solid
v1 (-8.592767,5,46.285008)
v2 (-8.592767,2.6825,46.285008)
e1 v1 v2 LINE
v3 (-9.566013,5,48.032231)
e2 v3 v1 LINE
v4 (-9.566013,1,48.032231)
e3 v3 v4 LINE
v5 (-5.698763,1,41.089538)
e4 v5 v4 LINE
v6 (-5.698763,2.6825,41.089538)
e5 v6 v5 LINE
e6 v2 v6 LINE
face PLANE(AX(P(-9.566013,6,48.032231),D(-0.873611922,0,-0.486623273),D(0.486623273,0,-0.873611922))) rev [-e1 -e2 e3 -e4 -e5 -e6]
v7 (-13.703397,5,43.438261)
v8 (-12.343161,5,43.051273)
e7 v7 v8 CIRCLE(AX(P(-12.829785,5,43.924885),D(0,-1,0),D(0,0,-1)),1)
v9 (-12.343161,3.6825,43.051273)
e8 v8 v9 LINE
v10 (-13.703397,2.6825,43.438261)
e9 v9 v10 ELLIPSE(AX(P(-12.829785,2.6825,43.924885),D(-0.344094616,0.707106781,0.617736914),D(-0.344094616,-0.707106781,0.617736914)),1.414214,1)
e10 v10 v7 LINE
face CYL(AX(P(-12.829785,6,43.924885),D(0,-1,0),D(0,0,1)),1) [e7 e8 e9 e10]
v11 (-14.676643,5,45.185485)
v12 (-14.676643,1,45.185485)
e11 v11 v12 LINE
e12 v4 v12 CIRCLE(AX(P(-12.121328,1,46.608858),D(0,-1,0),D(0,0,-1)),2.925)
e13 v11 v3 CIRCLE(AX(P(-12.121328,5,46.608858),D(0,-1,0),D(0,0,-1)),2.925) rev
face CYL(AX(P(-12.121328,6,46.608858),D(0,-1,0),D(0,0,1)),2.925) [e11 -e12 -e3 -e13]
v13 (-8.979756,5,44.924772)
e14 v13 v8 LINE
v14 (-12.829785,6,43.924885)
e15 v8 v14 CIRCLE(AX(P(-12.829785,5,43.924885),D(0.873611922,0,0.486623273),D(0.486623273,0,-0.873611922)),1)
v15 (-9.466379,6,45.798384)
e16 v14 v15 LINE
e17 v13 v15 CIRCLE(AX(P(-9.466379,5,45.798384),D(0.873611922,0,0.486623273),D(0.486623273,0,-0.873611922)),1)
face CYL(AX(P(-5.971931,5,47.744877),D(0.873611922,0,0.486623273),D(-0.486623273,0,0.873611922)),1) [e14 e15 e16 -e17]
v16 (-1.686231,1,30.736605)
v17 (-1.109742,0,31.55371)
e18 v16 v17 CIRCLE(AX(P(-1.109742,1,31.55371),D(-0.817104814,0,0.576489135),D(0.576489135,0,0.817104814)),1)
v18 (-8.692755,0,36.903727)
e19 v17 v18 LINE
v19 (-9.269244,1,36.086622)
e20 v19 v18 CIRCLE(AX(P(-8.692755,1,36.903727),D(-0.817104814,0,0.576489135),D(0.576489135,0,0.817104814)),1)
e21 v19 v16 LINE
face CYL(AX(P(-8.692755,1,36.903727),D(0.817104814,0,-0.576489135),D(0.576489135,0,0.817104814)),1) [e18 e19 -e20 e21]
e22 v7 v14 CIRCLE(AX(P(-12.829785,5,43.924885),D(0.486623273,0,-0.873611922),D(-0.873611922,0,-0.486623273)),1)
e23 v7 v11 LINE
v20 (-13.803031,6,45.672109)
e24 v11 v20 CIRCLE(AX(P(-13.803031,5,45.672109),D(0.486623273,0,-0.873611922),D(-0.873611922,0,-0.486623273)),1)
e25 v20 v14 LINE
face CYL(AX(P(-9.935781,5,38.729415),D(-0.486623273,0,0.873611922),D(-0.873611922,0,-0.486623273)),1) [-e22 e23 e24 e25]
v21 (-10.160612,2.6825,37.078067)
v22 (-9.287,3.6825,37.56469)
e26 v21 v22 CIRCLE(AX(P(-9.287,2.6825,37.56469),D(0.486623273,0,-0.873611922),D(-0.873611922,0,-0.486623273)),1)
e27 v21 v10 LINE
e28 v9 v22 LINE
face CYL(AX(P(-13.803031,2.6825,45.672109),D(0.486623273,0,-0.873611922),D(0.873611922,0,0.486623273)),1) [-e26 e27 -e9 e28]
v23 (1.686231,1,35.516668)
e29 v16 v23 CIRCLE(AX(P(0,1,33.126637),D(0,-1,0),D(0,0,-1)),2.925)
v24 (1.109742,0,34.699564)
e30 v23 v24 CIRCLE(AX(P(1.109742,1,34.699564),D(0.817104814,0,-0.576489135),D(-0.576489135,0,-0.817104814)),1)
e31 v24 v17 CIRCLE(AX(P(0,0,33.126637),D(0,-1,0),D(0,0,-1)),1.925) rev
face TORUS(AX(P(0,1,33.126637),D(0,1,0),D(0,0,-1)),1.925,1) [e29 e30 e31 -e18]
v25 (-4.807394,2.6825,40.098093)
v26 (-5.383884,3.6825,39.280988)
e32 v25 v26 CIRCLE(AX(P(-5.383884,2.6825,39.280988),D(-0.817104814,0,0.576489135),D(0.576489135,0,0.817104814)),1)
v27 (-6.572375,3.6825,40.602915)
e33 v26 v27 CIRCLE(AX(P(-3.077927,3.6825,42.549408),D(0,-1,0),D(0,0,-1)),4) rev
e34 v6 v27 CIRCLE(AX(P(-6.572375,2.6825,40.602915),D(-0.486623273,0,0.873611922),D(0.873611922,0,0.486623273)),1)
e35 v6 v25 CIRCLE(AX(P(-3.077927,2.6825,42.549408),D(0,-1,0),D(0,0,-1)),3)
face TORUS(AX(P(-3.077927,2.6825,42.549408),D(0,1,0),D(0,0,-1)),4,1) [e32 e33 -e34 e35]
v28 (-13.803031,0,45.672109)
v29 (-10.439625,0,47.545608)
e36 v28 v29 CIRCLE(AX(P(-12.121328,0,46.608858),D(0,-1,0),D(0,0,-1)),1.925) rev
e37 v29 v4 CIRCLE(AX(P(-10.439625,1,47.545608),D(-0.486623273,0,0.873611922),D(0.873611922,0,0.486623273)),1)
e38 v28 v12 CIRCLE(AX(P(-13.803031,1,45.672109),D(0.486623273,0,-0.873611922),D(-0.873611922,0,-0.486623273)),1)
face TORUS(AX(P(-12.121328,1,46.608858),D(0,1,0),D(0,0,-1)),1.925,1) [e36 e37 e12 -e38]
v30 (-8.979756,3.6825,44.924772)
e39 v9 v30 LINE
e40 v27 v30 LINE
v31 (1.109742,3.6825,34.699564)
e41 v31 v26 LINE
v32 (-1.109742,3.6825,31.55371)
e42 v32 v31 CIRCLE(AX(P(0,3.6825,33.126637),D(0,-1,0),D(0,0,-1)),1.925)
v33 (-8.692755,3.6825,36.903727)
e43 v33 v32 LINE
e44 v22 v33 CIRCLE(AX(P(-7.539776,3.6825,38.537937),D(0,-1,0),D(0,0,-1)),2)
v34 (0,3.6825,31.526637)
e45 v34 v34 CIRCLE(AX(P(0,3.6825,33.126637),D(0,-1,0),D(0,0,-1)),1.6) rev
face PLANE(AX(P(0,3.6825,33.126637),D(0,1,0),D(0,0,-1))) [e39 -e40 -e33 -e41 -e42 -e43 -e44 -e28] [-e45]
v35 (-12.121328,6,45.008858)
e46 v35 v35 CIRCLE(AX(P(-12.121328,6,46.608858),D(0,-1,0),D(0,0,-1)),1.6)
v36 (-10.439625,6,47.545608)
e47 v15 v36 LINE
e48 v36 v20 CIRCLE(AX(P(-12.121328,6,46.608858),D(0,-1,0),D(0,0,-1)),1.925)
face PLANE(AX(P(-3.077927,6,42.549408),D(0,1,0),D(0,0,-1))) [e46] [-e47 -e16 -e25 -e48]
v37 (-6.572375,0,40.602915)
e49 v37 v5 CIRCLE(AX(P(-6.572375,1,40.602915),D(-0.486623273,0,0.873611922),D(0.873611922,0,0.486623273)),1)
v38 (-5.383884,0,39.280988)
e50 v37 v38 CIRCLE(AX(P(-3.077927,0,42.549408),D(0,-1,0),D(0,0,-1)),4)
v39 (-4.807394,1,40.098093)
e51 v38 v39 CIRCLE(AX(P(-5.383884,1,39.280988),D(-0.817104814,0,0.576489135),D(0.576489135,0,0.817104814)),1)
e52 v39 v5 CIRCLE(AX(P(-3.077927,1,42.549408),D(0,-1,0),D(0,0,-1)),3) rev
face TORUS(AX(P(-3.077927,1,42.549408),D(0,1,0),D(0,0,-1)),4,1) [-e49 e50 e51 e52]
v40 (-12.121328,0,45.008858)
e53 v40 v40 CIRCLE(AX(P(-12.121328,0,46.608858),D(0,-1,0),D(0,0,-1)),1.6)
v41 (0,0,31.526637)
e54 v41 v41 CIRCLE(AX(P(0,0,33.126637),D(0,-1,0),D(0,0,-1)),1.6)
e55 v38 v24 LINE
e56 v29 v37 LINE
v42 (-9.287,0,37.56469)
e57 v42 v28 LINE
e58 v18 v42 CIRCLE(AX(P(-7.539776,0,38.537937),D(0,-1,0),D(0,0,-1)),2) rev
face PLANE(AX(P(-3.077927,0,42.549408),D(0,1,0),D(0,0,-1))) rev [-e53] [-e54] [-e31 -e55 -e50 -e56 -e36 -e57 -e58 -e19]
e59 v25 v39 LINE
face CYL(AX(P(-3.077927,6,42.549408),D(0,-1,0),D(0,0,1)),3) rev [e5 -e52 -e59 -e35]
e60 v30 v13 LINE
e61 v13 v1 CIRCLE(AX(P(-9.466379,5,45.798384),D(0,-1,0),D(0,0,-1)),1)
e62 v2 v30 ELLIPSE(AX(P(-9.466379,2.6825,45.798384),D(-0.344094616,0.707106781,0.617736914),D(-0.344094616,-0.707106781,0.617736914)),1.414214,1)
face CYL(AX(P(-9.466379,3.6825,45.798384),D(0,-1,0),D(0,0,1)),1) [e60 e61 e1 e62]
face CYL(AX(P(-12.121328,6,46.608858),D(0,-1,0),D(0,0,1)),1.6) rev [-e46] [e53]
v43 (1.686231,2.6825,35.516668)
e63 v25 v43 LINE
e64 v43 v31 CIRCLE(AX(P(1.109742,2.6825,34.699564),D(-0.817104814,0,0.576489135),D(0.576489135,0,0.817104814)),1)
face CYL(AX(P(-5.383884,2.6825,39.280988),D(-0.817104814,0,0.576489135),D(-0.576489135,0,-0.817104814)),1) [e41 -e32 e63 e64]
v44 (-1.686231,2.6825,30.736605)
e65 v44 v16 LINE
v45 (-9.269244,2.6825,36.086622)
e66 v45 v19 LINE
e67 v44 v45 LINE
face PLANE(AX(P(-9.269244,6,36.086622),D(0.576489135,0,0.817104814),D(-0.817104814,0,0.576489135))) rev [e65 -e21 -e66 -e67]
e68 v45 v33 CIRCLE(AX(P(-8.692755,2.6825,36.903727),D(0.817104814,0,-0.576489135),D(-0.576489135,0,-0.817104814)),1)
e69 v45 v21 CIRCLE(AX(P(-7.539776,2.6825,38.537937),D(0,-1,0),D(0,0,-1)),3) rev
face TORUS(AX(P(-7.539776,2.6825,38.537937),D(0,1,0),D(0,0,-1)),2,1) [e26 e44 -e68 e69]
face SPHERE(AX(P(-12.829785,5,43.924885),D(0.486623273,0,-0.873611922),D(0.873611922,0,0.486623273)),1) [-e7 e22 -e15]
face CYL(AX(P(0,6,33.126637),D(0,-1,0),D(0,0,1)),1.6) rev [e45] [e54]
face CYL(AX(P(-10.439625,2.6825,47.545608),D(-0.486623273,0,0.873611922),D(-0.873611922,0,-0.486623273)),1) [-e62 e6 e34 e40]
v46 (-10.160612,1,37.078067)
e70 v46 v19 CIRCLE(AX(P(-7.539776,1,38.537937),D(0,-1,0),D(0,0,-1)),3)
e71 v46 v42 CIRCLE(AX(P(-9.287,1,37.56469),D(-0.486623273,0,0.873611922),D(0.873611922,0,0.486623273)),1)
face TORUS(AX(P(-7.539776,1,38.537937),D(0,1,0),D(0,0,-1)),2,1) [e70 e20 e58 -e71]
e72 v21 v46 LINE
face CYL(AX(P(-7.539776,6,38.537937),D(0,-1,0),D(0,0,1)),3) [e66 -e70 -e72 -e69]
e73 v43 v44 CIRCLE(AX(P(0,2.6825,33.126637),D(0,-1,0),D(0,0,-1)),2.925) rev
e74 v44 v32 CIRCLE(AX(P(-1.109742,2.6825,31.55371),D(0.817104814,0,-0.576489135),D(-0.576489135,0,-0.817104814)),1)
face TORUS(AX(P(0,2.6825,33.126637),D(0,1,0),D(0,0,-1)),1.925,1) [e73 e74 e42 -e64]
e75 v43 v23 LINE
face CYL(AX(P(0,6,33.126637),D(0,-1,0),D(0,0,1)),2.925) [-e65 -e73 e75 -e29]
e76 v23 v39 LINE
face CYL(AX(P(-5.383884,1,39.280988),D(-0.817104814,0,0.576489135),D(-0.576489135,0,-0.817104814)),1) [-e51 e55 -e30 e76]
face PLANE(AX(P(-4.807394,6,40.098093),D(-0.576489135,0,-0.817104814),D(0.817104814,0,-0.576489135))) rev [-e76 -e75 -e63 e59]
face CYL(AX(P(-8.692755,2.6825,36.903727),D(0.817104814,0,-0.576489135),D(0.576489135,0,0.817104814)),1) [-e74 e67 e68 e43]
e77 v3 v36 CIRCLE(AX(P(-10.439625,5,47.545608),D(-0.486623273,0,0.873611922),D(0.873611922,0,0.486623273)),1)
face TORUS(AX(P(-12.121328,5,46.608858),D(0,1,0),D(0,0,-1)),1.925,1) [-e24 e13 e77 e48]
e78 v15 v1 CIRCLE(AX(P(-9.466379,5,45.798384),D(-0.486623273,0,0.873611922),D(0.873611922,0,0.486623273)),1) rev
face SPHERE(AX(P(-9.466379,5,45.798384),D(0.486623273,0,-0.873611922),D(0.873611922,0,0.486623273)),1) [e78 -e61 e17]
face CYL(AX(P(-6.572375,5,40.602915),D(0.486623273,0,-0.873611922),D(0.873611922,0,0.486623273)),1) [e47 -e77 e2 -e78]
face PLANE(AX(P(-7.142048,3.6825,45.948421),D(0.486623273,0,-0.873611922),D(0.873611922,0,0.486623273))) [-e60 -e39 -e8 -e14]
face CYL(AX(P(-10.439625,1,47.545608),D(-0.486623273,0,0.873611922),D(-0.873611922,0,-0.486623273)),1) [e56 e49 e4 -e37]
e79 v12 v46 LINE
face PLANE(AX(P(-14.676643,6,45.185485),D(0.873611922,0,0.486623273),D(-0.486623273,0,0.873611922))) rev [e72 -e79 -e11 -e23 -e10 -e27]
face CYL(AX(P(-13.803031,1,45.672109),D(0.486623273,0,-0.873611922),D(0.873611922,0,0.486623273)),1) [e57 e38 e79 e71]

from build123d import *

# Parameters (mm, degrees)
SKETCH1_R           = 1.6000000000000019
SKETCH1_R_2         = 1.6
BOSS_EXTRUDE1_DEPTH = 6
FILLET2_R           = 1
CUT_EXTRUDE1_START  = -2.3175
SKETCH3_R           = 1.6
CUT_EXTRUDE1_DEPTH  = 2.3175
FILLET3_R           = 1
FILLET4_R           = 1


with BuildPart() as part:
    # Sketch1 → Boss-Extrude1 (new body)
    with BuildSketch(Plane(origin=(0, 0, 0), x_dir=(1, 0, 0), z_dir=(0, 1, 0))):
        with BuildLine():
            Line((-14.676643190871216, 12.058848545686113), (-10.160612201428068, 3.951430072051938))
            ThreePointArc((-10.160612201428068, 3.951430072051938), (-9.770701137956143, 3.4055643719184734), (-9.26924383935776, 2.9599854477283642))
            Line((-9.26924383935776, 2.9599854477283642), (-1.6862307188325316, -2.390031581980774))
            ThreePointArc((-1.6862307188325316, -2.390031581980774), (2.3900315819807747, -1.6862307188325345), (1.6862307188325354, 2.3900315819807725))
            Line((1.6862307188325354, 2.3900315819807725), (-4.8073944342993835, 6.9714564854625545))
            ThreePointArc((-4.8073944342993835, 6.9714564854625545), (-5.308851732897766, 7.417035409652663), (-5.6987627963696905, 7.962901109786128))
            Line((-5.6987627963696905, 7.962901109786128), (-9.566013447169048, 14.90559469221669))
            ThreePointArc((-9.566013447169048, 14.90559469221669), (-13.54470139228542, 16.037536490802488), (-14.676643190871216, 12.058848545686113))
        make_face()
        with Locations(Location((-12.121328319020131, 13.482221618951401, 0), (0, 0, 270))):
            Circle(SKETCH1_R, mode=Mode.SUBTRACT)
        with Locations(Location((1.73e-15, -8.7e-16, 0), (0, 0, 270))):
            Circle(SKETCH1_R_2, mode=Mode.SUBTRACT)
    extrude(amount=BOSS_EXTRUDE1_DEPTH)

    # Fillet2
    fillet2_edges = [part.edges().sort_by_distance(p)[0] for p in [
        (-12.418627696149642, 0, -8.005139308869026),
        (-13.544701392285422, 0, -16.037536490802488),
        (-7.632388121769369, 0, -11.43424790100141),
        (-5.308851732897767, 0, -7.417035409652664),
        (-13.544701392285422, 6, -16.037536490802488),
        (-12.418627696149642, 6, -8.005139308869026),
        (-9.770701137956143, 6, -3.405564371918474),
        (-5.4777372790951455, 6, -0.28497693287379544),
        (2.390031581980775, 6, 1.686230718832534),
        (-1.5605818577334243, 6, -4.6807440337216635),
        (-5.308851732897767, 6, -7.417035409652664),
        (-1.5605818577334243, 0, -4.6807440337216635),
        (-7.632388121769369, 6, -11.43424790100141),
        (2.390031581980775, 0, 1.686230718832534),
        (-5.4777372790951455, 0, -0.28497693287379544),
        (-9.770701137956143, 0, -3.405564371918474),
    ]]
    fillet(fillet2_edges, radius=FILLET2_R)

    # Sketch3 → Cut-Extrude1 (cut)
    # profile 1 of 2: a face of its own
    with BuildSketch(Plane(origin=(0, 6, 0), x_dir=(1, 0, 0), z_dir=(0, 1, 0)).offset(CUT_EXTRUDE1_START)):
        with BuildLine():
            ThreePointArc((-5.383883568942986, 6.154351671110155), (-6.052493300407496, 6.748456903363634), (-6.572374718370062, 7.476277836874918))
            Line((-6.572374718370061, 7.476277836874918), (-8.97975555043579, 11.79813565330437))
            Line((-8.979755550435788, 11.79813565330437), (-12.343161450137215, 9.924636052596211))
            Line((-12.343161450137217, 9.92463605259621), (-9.287000279427696, 4.438053344963148))
            ThreePointArc((-9.287000279427696, 4.438053344963148), (-9.027059570446415, 4.074142878207507), (-8.692754704714162, 3.7770902620807663))
            Line((-8.692754704714162, 3.7770902620807667), (-1.1097415841889307, -1.5729267676283727))
            ThreePointArc((-1.1097415841889307, -1.5729267676283722), (1.5729267676283736, -1.1097415841889322), (1.1097415841889327, 1.5729267676283718))
            Line((1.1097415841889327, 1.5729267676283716), (-5.383883568942986, 6.154351671110155))
        make_face()
        with Locations(Location((1.73e-15, -8.7e-16, 0), (0, 0, 270))):
            Circle(SKETCH3_R, mode=Mode.SUBTRACT)
    # profile 2 of 2: a face of its own
    with BuildSketch(Plane(origin=(0, 6, 0), x_dir=(1, 0, 0), z_dir=(0, 1, 0)).offset(CUT_EXTRUDE1_START)):
        with BuildLine():
            Line((-8.97975555043579, 11.79813565330437), (-6.572374718370061, 7.476277836874918))
            ThreePointArc((-6.572374718370062, 7.476277836874918), (-6.052493300407496, 6.748456903363634), (-5.383883568942986, 6.154351671110155))
            Line((-5.383883568942986, 6.154351671110155), (1.1097415841889327, 1.5729267676283716))
            ThreePointArc((1.1097415841889327, 1.5729267676283718), (1.5729267676283736, -1.1097415841889322), (-1.1097415841889307, -1.5729267676283722))
            Line((-1.1097415841889307, -1.5729267676283727), (-8.692754704714162, 3.7770902620807667))
            ThreePointArc((-8.692754704714162, 3.7770902620807663), (-9.027059570446415, 4.074142878207507), (-9.287000279427696, 4.438053344963148))
            Line((-9.287000279427696, 4.438053344963148), (-12.343161450137217, 9.92463605259621))
            Line((-12.343161450137215, 9.924636052596211), (-13.216773372137586, 9.438012779685))
            Line((-13.216773372137586, 9.438012779685), (-10.160612201428068, 3.951430072051938))
            ThreePointArc((-10.160612201428068, 3.951430072051938), (-9.770701137956145, 3.4055643719184743), (-9.269243839357761, 2.959985447728366))
            Line((-9.269243839357761, 2.9599854477283656), (-1.6862307188325316, -2.390031581980774))
            ThreePointArc((-1.6862307188325316, -2.390031581980774), (2.3900315819807743, -1.686230718832534), (1.686230718832535, 2.390031581980772))
            Line((1.686230718832534, 2.3900315819807725), (-4.8073944342993835, 6.9714564854625545))
            ThreePointArc((-4.807394434299383, 6.971456485462554), (-5.308851732897767, 7.417035409652663), (-5.6987627963696905, 7.962901109786128))
            Line((-5.6987627963696905, 7.962901109786128), (-8.10614362843542, 12.284758926215579))
            Line((-8.10614362843542, 12.284758926215579), (-8.979755550435788, 11.79813565330437))
        make_face()
    extrude(amount=CUT_EXTRUDE1_DEPTH, mode=Mode.SUBTRACT)

    # Fillet3
    fillet3_edges = [part.edges().sort_by_distance(p)[0] for p in [
        (-6.9024532124025555, 3.6825, -10.123830018000854),
        (-5.308851732897768, 3.6825, -7.417035409652662),
        (-1.5605818577334247, 3.6825, -4.6807440337216635),
        (-5.477737279095146, 3.6825, -0.2849769328737959),
        (-11.688692786782827, 3.6825, -6.694721425868469),
        (-9.770701137956145, 3.6825, -3.405564371918474),
        (2.390031581980774, 3.6825, 1.6862307188325336),
    ]]
    fillet(fillet3_edges, radius=FILLET3_R)

    # Fillet4
    fillet4_edges = [part.edges().sort_by_distance(p)[0] for p in [
        (-12.96089836430909, 5.707106781186548, -9.580541436437505),
        (-10.661458500286502, 6, -10.86138585295029),
        (-8.362018636263915, 5.707106781186548, -12.142230269463079),
        (-13.216773372137585, 3.84125, -9.438012779685),
        (-8.106143628435422, 3.84125, -12.28475892621558),
    ]]
    fillet(fillet4_edges, radius=FILLET4_R)


with BuildPart() as body_2:
    # Mirror12: mirrored copy
    add(part.part.mirror(Plane.XY.offset(16.56331838768985)))


solid = body_2.part
